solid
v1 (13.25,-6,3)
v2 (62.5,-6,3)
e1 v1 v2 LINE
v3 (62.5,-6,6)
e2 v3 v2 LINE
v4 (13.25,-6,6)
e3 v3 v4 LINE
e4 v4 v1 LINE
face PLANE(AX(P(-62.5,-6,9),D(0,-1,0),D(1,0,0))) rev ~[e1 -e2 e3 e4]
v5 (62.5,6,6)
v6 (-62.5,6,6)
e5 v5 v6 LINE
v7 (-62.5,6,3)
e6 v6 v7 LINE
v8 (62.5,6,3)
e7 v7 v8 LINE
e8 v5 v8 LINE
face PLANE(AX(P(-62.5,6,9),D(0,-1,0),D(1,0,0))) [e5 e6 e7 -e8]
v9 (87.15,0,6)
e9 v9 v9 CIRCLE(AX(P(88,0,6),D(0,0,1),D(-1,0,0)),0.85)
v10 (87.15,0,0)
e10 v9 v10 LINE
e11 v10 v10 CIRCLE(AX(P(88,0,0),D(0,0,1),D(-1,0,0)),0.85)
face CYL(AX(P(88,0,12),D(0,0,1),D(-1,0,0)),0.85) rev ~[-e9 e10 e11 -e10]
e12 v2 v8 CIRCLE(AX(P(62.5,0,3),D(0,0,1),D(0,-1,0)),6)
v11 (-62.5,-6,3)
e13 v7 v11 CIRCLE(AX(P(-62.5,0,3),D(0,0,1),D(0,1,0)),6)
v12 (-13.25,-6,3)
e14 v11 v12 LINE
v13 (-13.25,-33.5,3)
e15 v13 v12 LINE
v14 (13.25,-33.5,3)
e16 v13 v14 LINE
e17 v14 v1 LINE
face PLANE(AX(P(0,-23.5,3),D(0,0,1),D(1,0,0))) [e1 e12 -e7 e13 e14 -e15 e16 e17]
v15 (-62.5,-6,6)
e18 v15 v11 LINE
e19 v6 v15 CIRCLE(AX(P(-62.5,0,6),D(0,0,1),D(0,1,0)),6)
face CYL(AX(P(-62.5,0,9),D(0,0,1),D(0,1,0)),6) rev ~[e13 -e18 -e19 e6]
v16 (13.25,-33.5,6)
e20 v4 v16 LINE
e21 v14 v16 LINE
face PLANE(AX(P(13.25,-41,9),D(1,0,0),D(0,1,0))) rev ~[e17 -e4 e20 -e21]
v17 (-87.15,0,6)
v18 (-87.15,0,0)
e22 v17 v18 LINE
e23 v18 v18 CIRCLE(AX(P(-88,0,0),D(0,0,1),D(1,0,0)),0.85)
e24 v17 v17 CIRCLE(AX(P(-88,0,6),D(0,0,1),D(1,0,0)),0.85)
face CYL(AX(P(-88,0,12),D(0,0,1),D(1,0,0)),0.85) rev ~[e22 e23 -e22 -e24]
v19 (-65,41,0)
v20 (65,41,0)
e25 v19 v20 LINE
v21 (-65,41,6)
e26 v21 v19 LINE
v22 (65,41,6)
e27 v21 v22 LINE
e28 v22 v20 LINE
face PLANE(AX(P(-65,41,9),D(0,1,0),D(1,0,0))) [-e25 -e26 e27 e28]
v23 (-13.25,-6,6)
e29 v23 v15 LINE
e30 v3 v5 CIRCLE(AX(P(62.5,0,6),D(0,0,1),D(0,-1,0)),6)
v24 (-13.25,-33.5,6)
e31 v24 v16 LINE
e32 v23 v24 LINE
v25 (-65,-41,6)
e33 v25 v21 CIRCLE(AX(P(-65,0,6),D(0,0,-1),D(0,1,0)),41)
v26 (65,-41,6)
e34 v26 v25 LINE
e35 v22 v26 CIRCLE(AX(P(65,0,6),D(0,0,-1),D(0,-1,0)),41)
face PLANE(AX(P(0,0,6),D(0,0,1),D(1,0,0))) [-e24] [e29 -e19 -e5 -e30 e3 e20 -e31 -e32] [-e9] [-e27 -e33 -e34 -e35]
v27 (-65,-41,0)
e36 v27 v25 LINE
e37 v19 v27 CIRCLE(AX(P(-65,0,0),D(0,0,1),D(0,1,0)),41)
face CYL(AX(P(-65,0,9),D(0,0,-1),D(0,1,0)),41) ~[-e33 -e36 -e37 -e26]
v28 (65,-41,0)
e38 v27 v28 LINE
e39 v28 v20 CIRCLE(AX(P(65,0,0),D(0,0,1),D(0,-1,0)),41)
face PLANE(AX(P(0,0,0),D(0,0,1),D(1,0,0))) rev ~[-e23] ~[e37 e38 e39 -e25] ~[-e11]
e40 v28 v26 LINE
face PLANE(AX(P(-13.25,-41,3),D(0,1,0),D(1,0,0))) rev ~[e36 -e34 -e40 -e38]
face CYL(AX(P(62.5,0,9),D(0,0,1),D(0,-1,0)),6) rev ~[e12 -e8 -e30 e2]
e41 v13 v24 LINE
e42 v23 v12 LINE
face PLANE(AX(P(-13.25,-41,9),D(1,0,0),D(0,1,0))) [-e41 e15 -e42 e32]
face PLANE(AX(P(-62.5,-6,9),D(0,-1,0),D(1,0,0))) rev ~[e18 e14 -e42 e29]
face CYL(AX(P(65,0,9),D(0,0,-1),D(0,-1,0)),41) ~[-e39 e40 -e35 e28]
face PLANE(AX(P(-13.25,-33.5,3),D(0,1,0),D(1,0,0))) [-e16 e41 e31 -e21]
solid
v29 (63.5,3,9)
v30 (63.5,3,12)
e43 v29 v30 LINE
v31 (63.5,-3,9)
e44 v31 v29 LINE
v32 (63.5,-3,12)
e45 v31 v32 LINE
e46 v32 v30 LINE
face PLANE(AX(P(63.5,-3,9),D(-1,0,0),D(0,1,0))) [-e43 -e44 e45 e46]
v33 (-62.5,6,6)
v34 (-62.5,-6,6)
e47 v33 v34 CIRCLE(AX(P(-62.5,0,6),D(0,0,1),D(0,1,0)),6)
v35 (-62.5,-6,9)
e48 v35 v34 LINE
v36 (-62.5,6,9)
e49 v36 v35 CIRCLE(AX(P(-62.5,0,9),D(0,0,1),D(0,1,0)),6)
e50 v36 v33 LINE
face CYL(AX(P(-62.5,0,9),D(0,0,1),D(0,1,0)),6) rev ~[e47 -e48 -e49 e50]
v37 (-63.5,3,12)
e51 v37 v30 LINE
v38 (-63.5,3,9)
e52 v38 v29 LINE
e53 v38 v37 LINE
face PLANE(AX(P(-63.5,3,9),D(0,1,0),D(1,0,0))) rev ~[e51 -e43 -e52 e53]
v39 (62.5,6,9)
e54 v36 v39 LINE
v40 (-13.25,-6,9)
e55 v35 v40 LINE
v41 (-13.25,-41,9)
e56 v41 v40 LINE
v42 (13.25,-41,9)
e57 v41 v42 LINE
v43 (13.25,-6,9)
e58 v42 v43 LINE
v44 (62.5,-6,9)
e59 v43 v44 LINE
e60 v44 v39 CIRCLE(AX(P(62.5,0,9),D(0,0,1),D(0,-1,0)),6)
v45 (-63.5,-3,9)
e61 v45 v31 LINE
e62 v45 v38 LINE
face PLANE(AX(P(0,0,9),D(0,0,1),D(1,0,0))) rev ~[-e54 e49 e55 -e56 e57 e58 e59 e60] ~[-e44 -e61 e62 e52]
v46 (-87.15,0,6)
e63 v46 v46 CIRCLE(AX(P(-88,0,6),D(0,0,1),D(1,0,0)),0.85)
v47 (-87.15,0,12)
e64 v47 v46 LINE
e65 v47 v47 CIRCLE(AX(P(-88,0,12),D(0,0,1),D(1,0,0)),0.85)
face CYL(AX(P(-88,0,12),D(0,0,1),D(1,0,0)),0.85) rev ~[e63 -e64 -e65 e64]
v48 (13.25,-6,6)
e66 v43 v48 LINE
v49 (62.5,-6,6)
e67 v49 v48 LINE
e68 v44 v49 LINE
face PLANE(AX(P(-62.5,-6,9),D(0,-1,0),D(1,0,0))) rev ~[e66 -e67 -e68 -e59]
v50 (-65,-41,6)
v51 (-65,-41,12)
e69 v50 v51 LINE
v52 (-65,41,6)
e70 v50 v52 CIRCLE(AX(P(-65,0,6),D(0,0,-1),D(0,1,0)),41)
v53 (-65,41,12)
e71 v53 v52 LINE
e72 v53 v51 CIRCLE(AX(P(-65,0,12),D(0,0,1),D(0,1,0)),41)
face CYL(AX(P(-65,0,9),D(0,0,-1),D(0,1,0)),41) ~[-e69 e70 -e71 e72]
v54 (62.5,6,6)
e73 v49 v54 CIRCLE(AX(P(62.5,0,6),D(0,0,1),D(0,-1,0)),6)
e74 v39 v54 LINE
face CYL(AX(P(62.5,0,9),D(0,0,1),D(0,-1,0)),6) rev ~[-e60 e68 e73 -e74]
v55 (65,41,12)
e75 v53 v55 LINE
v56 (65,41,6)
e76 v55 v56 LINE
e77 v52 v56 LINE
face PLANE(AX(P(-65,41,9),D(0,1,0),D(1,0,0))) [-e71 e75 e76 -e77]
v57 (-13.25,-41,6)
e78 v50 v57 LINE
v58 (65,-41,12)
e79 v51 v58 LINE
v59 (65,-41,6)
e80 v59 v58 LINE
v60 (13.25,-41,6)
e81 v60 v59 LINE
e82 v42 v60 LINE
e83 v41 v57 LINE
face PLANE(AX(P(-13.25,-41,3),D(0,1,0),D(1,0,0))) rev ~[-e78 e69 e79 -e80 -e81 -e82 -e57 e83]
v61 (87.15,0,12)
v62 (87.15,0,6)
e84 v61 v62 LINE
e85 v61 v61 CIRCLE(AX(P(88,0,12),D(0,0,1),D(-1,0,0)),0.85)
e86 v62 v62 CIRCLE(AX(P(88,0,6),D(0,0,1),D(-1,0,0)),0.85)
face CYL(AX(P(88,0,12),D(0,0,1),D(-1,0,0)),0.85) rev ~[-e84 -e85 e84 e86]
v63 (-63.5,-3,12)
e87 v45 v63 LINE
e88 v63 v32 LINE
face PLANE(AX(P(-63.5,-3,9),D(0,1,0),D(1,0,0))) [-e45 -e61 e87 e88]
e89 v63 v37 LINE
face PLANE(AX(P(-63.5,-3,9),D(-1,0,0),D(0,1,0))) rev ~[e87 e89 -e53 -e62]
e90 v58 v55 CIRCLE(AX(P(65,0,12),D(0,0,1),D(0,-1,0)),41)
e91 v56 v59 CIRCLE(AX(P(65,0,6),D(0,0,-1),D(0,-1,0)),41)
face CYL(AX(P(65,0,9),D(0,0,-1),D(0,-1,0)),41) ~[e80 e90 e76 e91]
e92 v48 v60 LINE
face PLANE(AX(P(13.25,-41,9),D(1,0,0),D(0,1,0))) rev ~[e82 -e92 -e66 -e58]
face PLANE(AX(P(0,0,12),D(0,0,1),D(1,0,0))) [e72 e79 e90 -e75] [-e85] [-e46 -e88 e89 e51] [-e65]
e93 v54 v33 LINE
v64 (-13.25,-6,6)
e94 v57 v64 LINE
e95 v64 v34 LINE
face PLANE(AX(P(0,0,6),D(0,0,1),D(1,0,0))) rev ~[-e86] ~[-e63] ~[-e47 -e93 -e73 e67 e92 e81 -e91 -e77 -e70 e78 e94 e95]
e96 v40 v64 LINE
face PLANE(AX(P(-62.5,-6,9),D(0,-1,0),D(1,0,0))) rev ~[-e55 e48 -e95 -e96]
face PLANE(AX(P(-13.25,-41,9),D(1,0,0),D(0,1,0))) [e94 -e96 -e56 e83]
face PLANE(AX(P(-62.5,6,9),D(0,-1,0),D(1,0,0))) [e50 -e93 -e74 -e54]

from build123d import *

# Parameters (mm, degrees)
BOX_BOTTOM_HALF_0_W     = 214
BOX_BOTTOM_HALF_0_H     = 84
BOX_BOTTOM_HALF_0_DEPTH = 7
PAD_DEPTH               = 9
POCKET_DEPTH            = 6
SKETCH002_W             = 26.5
SKETCH002_H             = 35
POCKET001_DEPTH         = 6
SKETCH003_W             = 127
SKETCH003_H             = 6
PAD001_DEPTH            = 3
SKETCH004_R             = 0.85
POCKET002_DEPTH         = 467.245989
POLARPATTERN_COUNT      = 2
SKETCH005_W             = 26.5
SKETCH005_H             = 7.5
PAD002_DEPTH            = 3


with BuildPart() as box_bottom_half_0_body:
    # box_bottom_half_0 → box_bottom_half_0 (new body)
    with BuildSketch(Plane(origin=(-107, -42, -1), x_dir=(1, 0, 0), z_dir=(0, 0, 1))):
        with Locations((107, 42)):
            Rectangle(BOX_BOTTOM_HALF_0_W, BOX_BOTTOM_HALF_0_H)
    extrude(amount=BOX_BOTTOM_HALF_0_DEPTH)


with BuildPart() as body:
    # Sketch → Pad (new body)
    with BuildSketch(Plane.XY):
        with BuildLine():
            ThreePointArc((-65, 41), (-106, 0), (-65, -41))
            Line((-65, -41), (65, -41))
            ThreePointArc((65, -41), (106, 0), (65, 41))
            Line((-65, 41), (65, 41))
        make_face()
    extrude(amount=PAD_DEPTH)

    # Sketch001 (on Face6 of Pad) → Pocket (cut)
    with BuildSketch(Plane.XY.offset(9)):
        with BuildLine():
            ThreePointArc((-62.5, 6), (-68.5, 0), (-62.5, -6))
            Line((-62.5, -6), (62.5, -6))
            ThreePointArc((62.5, -6), (68.5, 0), (62.5, 6))
            Line((-62.5, 6), (62.5, 6))
        make_face()
    extrude(amount=-POCKET_DEPTH, mode=Mode.SUBTRACT)

    # Sketch002 (on Face5 of Pocket) → Pocket001 (cut)
    with BuildSketch(Plane.XY.offset(9)):
        with Locations((0, -23.5)):
            Rectangle(SKETCH002_W, SKETCH002_H)
    extrude(amount=-POCKET001_DEPTH, mode=Mode.SUBTRACT)

    # Sketch003 (on Face5 of Pocket001) → Pad001 (join)
    with BuildSketch(Plane.XY.offset(9)):
        with BuildLine():
            ThreePointArc((-65, 41), (-106, 0), (-65, -41))
            Line((-65, -41), (65, -41))
            ThreePointArc((65, -41), (106, 0), (65, 41))
            Line((-65, 41), (65, 41))
        make_face()
        Rectangle(SKETCH003_W, SKETCH003_H, mode=Mode.SUBTRACT)
    extrude(amount=PAD001_DEPTH)

    # Sketch004 (on Face12 of Pad001) → Pocket002 (cut, through all)
    with BuildSketch(Plane.XY.offset(12)):
        with Locations((-88, 0)):
            Circle(SKETCH004_R)
    pocket002 = extrude(amount=-POCKET002_DEPTH, mode=Mode.SUBTRACT)

    # PolarPattern: Pocket002 ×2 about axis
    polarpattern_axis = Axis((0, 0, 12), (0, 0, 1))
    for i in range(1, POLARPATTERN_COUNT):
        add(pocket002.rotate(polarpattern_axis, i * 360 / POLARPATTERN_COUNT), mode=Mode.SUBTRACT)

    # Sketch005 (on Face10 of PolarPattern) → Pad002 (join)
    with BuildSketch(Plane.XY.offset(3)):
        with Locations((0, -37.25)):
            Rectangle(SKETCH005_W, SKETCH005_H)
    extrude(amount=PAD002_DEPTH)


with BuildPart() as bottom_half_0_body:
    # bottom_half_0 base: copy of Body
    add(body.part)

    # bottom_half_0: intersect box_bottom_half_0 body
    add(box_bottom_half_0_body.part, mode=Mode.INTERSECT)


with BuildPart() as top_half_0_body:
    # top_half_0 base: copy of Body
    add(body.part)

    # top_half_0: cut box_bottom_half_0 body
    add(box_bottom_half_0_body.part, mode=Mode.SUBTRACT)


solid = Compound([bottom_half_0_body.part, top_half_0_body.part])
